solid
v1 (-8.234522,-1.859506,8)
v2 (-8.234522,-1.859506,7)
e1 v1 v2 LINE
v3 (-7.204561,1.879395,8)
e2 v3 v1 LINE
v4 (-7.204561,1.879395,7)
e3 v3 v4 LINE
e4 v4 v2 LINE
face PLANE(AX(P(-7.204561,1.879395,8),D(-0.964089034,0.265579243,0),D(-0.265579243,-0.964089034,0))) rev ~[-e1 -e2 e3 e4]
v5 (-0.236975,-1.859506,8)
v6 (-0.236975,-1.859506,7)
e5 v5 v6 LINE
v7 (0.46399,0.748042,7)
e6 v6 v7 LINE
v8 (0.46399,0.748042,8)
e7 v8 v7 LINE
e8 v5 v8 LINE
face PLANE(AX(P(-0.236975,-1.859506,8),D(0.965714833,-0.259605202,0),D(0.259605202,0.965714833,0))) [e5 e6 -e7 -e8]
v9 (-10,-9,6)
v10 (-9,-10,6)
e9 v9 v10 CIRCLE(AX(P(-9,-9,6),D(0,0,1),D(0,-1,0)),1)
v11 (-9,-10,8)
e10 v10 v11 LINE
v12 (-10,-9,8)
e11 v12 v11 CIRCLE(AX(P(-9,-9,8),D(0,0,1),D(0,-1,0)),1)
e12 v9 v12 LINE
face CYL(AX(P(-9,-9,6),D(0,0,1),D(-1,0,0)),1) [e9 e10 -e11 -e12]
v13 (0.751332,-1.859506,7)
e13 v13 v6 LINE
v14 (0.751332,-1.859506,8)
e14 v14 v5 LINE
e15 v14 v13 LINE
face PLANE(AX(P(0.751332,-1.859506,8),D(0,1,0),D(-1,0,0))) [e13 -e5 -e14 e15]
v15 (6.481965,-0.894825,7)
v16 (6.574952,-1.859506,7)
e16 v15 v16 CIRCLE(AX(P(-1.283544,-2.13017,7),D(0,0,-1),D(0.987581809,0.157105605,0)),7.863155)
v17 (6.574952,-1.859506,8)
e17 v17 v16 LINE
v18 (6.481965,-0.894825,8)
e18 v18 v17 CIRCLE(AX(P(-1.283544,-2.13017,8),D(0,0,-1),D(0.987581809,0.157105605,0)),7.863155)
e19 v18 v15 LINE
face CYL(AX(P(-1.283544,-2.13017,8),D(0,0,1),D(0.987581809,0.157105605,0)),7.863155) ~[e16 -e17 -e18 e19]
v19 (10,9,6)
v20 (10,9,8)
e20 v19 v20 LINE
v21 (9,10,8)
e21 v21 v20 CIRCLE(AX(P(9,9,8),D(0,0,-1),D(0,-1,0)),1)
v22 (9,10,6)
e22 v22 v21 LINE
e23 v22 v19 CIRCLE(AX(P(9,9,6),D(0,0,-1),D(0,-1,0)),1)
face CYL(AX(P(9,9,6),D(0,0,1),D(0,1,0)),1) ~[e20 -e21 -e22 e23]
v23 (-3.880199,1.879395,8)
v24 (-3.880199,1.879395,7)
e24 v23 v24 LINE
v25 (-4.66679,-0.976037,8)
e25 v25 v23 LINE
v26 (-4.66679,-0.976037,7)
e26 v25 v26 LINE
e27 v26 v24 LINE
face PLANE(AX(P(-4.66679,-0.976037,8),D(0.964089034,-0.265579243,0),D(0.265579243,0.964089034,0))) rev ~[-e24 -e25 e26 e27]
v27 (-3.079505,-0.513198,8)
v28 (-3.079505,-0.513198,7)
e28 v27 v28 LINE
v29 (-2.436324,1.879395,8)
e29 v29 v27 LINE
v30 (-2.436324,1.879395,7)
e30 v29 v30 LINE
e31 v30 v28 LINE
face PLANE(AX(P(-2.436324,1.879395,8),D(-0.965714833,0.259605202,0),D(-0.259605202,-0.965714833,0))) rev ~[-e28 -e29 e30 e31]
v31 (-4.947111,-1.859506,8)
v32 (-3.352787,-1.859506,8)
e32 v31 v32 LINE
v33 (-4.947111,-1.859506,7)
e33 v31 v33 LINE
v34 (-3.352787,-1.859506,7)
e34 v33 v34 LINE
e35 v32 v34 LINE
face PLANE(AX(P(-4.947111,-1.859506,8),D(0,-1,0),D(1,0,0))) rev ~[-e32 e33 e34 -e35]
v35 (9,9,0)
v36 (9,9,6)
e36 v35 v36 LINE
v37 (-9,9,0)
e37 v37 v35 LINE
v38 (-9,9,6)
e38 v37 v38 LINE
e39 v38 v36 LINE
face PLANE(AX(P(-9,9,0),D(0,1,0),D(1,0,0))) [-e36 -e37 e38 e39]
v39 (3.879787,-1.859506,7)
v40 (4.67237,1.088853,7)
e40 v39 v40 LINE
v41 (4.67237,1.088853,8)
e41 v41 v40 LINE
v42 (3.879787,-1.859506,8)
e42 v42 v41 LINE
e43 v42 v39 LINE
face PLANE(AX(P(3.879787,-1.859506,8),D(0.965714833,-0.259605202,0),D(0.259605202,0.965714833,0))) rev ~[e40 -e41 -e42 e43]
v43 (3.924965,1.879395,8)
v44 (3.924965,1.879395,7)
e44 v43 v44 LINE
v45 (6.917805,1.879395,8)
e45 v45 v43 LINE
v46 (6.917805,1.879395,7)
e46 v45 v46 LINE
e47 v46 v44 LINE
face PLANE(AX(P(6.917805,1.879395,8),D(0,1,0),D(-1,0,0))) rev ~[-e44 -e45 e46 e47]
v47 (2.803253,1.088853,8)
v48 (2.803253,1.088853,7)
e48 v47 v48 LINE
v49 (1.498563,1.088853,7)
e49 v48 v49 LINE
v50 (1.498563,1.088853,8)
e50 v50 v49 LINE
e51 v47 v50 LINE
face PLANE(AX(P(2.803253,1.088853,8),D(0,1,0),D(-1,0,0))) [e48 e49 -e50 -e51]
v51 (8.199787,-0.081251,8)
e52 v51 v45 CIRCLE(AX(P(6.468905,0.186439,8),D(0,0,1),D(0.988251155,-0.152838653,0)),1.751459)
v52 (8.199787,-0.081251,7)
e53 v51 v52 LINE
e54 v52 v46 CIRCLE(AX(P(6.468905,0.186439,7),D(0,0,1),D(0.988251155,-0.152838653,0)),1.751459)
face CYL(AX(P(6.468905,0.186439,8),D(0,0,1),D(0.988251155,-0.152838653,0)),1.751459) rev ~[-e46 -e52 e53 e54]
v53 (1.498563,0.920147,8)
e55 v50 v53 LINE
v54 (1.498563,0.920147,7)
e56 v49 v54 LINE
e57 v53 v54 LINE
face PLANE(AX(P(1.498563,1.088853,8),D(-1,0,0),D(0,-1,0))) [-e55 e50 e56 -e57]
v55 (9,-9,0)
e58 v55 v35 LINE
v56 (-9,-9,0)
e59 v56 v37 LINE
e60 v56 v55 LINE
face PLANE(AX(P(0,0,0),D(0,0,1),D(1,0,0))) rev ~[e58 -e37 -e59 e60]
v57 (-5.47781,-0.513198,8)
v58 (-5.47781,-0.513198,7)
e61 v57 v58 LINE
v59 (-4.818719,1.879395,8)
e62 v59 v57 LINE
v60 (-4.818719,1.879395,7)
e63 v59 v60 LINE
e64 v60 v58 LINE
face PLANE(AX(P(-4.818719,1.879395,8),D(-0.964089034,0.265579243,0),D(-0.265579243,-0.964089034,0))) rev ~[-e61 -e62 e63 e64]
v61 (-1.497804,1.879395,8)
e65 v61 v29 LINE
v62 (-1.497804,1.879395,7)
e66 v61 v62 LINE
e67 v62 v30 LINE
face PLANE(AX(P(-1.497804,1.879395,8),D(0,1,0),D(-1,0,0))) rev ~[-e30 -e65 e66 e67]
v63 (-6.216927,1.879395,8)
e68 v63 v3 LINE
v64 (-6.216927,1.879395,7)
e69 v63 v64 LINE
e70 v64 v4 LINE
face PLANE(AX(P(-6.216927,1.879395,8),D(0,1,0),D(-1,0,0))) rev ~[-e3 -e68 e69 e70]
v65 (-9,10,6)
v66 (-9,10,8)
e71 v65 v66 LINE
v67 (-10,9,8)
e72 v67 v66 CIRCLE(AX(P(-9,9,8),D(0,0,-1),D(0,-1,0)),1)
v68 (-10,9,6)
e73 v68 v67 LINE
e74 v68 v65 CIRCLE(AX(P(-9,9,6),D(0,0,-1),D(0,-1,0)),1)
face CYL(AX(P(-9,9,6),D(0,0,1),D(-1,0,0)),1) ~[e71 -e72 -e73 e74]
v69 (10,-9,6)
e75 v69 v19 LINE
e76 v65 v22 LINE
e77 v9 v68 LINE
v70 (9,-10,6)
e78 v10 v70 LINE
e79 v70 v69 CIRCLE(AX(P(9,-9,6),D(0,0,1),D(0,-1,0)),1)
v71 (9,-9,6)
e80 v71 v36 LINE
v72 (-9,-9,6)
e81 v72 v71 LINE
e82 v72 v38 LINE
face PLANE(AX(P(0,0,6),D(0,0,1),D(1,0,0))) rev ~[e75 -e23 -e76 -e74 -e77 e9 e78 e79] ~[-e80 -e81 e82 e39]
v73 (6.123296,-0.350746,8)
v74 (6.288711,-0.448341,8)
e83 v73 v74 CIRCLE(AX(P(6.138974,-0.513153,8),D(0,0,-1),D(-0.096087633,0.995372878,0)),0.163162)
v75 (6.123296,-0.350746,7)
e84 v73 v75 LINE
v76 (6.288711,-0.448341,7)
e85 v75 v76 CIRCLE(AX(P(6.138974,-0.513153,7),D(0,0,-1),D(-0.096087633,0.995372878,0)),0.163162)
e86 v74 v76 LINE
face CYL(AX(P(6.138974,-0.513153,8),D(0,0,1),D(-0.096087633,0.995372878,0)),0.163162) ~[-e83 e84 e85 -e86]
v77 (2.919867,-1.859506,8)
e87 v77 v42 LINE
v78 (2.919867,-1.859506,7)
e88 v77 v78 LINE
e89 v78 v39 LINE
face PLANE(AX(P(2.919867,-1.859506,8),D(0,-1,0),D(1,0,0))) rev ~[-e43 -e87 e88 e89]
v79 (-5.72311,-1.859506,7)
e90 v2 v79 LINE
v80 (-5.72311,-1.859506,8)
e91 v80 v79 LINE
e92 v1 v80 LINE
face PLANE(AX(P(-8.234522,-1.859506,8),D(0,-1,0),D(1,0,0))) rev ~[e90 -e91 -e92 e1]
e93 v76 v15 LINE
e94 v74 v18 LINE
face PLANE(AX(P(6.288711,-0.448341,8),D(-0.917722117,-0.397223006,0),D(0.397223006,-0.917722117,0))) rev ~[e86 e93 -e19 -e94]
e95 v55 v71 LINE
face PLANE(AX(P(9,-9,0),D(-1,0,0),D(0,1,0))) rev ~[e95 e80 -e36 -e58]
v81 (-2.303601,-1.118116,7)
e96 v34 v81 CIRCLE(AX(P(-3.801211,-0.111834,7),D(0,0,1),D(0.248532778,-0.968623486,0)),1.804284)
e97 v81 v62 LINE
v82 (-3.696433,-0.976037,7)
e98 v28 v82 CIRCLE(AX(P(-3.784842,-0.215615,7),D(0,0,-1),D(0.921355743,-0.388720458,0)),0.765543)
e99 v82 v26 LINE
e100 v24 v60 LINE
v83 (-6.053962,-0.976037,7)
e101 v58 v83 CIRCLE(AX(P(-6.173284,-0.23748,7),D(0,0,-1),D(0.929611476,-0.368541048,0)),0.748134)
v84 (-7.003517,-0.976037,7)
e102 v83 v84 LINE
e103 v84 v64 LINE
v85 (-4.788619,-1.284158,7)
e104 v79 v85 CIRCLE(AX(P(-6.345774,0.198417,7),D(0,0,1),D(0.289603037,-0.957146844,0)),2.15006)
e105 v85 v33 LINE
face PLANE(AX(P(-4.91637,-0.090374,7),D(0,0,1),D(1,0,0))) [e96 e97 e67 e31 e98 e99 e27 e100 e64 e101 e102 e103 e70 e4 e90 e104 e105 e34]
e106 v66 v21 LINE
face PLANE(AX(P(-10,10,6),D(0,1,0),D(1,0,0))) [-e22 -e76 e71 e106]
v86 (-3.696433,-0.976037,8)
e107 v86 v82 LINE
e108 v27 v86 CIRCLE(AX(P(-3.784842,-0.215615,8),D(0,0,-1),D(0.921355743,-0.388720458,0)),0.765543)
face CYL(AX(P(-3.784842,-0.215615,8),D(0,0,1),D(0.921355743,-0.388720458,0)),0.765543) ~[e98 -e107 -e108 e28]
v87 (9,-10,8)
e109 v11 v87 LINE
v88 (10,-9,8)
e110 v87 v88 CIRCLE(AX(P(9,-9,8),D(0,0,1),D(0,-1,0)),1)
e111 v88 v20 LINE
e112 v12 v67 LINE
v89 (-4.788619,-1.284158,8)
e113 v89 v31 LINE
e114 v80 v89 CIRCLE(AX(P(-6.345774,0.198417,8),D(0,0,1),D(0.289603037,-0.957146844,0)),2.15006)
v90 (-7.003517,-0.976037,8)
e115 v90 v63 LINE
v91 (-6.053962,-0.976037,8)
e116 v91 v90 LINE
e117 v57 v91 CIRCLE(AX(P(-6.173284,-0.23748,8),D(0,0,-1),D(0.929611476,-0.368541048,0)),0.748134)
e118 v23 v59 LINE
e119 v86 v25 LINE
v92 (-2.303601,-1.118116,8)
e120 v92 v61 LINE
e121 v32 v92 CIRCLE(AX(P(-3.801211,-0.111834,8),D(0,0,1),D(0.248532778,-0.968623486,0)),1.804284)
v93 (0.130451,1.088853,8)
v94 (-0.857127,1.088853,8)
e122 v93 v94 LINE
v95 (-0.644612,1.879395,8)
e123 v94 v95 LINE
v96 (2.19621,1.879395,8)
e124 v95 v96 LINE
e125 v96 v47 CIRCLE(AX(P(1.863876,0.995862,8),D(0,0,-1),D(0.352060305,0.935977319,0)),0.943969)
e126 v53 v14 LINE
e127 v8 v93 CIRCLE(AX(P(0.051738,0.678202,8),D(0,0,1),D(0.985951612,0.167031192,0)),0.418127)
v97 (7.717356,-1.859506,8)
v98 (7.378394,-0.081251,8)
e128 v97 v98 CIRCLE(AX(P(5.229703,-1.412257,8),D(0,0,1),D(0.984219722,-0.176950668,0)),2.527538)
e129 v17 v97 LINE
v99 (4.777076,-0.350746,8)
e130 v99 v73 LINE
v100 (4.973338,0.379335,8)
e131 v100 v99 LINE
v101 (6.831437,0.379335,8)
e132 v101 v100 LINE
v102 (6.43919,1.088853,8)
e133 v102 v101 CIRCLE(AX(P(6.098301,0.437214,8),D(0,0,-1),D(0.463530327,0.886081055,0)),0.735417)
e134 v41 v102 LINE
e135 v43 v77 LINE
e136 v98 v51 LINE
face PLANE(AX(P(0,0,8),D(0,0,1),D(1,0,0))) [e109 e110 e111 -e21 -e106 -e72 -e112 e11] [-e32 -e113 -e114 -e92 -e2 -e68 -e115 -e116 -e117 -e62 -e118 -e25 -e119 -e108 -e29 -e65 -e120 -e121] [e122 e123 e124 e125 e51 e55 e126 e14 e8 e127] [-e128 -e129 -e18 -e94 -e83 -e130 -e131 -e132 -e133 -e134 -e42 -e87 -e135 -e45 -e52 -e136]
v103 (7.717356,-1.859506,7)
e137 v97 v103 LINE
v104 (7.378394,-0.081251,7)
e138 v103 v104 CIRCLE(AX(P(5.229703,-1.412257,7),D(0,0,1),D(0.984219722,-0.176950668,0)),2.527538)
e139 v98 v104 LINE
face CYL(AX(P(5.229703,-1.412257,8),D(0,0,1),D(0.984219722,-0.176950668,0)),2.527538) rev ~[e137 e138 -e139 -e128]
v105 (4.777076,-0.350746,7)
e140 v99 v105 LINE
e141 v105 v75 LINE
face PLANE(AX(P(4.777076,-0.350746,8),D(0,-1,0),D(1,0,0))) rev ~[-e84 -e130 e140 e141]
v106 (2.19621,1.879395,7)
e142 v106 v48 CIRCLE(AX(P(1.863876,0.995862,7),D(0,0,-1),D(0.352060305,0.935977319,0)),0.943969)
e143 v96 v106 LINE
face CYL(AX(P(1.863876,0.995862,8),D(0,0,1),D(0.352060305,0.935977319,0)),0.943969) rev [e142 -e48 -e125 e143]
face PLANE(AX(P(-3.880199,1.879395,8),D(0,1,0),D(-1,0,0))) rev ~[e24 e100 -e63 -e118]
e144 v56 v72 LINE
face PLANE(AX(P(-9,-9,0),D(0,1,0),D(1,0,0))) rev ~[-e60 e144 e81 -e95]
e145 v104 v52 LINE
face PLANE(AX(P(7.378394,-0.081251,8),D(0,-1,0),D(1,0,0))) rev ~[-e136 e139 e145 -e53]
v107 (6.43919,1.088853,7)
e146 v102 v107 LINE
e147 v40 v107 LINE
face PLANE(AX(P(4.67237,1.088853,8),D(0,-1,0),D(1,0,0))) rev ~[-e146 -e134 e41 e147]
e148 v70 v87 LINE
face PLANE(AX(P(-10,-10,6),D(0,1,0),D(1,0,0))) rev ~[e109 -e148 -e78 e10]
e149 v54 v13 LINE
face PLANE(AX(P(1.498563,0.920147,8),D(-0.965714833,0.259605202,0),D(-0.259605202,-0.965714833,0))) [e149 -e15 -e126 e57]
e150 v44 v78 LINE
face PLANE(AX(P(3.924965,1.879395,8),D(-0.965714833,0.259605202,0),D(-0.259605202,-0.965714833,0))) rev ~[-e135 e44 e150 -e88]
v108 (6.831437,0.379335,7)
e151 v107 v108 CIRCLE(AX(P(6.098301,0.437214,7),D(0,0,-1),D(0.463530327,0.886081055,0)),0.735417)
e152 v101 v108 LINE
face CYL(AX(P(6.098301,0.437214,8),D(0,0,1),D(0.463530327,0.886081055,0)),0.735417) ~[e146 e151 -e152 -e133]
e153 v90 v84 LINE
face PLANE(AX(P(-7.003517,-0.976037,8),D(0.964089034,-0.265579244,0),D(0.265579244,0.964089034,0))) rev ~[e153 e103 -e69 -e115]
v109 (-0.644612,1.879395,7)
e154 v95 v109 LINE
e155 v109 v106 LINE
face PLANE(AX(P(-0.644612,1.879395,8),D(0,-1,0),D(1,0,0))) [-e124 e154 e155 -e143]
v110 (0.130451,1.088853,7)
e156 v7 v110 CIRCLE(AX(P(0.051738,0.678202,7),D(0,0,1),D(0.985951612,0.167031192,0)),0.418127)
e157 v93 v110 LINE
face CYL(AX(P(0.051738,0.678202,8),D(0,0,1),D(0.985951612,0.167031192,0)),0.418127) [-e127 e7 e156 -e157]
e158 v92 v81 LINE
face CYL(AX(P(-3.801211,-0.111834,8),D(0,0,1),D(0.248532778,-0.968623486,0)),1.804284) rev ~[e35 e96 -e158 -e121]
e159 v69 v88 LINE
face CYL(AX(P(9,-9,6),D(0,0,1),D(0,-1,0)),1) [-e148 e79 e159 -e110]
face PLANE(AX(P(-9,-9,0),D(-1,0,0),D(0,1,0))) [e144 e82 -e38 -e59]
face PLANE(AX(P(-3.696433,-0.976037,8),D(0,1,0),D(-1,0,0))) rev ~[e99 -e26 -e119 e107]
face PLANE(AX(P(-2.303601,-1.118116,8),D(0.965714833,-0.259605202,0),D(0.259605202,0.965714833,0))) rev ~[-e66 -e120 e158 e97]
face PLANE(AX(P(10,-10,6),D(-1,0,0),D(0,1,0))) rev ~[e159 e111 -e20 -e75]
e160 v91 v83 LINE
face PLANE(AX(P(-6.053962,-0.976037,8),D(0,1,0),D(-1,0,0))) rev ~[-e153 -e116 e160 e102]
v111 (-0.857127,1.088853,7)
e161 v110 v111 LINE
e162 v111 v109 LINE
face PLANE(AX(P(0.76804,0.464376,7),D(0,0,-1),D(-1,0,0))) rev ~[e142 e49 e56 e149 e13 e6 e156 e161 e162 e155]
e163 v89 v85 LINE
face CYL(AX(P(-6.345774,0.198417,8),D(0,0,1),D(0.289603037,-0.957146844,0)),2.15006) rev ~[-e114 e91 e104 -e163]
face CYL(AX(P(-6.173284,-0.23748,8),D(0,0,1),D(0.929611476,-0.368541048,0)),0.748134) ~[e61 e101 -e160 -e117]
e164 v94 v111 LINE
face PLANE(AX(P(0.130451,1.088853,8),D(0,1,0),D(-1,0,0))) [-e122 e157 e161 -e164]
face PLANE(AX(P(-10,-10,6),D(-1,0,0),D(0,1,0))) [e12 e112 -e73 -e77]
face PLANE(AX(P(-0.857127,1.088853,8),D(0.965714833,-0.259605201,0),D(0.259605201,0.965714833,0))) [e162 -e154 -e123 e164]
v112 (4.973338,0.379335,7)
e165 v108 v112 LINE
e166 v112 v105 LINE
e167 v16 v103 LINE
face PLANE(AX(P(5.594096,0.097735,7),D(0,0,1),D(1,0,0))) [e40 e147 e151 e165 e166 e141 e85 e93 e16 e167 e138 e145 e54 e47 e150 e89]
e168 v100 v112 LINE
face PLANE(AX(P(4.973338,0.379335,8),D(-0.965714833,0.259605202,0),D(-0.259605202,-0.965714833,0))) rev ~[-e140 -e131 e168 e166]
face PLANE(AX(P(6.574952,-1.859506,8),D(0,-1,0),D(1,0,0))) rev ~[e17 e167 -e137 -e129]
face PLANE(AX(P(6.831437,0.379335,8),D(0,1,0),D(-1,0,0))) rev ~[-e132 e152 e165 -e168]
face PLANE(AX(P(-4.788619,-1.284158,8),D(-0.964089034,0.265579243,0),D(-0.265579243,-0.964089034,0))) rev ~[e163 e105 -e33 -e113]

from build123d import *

# Parameters (mm, degrees)
SKETCH_1_W          = 18
SKETCH_1_H          = 18
EXTRUDE_1_DEPTH     = 6
SKETCH_3_W          = 20
SKETCH_3_H          = 20
EXTRUDE_2_DEPTH     = 2
FILLET_1_R          = 1
CUT_EXTRUDE_2_DEPTH = 1


with BuildPart() as part:
    # 草图1 → 凸台-拉伸1 (new body)
    with BuildSketch(Plane.XY):
        Rectangle(SKETCH_1_W, SKETCH_1_H)
    extrude(amount=EXTRUDE_1_DEPTH)

    # 草图3 → 凸台-拉伸2 (add)
    with BuildSketch(Plane.XY.offset(6)):
        Rectangle(SKETCH_3_W, SKETCH_3_H)
    extrude(amount=EXTRUDE_2_DEPTH)

    # 圆角1
    fillet_1_edges = [part.edges().sort_by_distance(p)[0] for p in [
        (10, -10, 7),
        (10, 10, 7),
        (-10, 10, 7),
        (-10, -10, 7),
    ]]
    fillet(fillet_1_edges, radius=FILLET_1_R)

    # 草图5 → 切除-拉伸2 (cut)
    with BuildSketch(Plane.XY.offset(8)):
        with BuildLine():
            Line((-7.204561004, 1.879394949), (-8.234522443, -1.859506165))
            Line((-8.234522443, -1.859506165), (-5.723109619, -1.859506165))
            ThreePointArc((-5.723109619, -1.859506165), (-5.218538697, -1.632457047), (-4.78861912, -1.284157931))
            Line((-4.78861912, -1.284157931), (-4.947111275, -1.859506165))
            Line((-4.947111275, -1.859506165), (-3.352787404, -1.859506165))
            ThreePointArc((-3.352787404, -1.859506165), (-2.759972983, -1.585355224), (-2.30360072, -1.118116491))
            Line((-2.30360072, -1.118116491), (-1.497804292, 1.879394949))
            Line((-1.497804292, 1.879394949), (-2.436323584, 1.879394949))
            Line((-2.436323584, 1.879394949), (-3.079504637, -0.513197642))
            ThreePointArc((-3.079504637, -0.513197642), (-3.32542599, -0.827982147), (-3.696433402, -0.976036515))
            Line((-3.696433402, -0.976036515), (-4.666789972, -0.976036515))
            Line((-4.666789972, -0.976036515), (-3.880199418, 1.879394949))
            Line((-3.880199418, 1.879394949), (-4.81871871, 1.879394949))
            Line((-4.81871871, 1.879394949), (-5.477810253, -0.513197642))
            ThreePointArc((-5.477810253, -0.513197642), (-5.7047457, -0.820725721), (-6.053961641, -0.976036515))
            Line((-6.053961641, -0.976036515), (-7.003517302, -0.976036515))
            Line((-7.003517302, -0.976036515), (-6.216926747, 1.879394949))
            Line((-6.216926747, 1.879394949), (-7.204561004, 1.879394949))
        make_face()
        with BuildLine():
            Line((-0.857127264, 1.088853082), (-0.644612375, 1.879394949))
            Line((-0.644612375, 1.879394949), (2.196209614, 1.879394949))
            ThreePointArc((2.196209614, 1.879394949), (2.612575491, 1.570775142), (2.803252851, 1.088853082))
            Line((2.803252851, 1.088853082), (1.498562909, 1.088853082))
            Line((1.498562909, 1.088853082), (1.498562909, 0.920146657))
            Line((1.498562909, 0.920146657), (0.751331627, -1.859506165))
            Line((0.751331627, -1.859506165), (-0.236975463, -1.859506165))
            Line((-0.236975463, -1.859506165), (0.463990432, 0.748042361))
            ThreePointArc((0.463990432, 0.748042361), (0.35056842, 0.970657535), (0.130450539, 1.088853082))
            Line((0.130450539, 1.088853082), (-0.857127264, 1.088853082))
        make_face()
        with BuildLine():
            Line((3.92496477, 1.879394949), (2.919866632, -1.859506165))
            Line((2.919866632, -1.859506165), (3.879786702, -1.859506165))
            Line((3.879786702, -1.859506165), (4.67236995, 1.088853082))
            Line((4.67236995, 1.088853082), (6.439189541, 1.088853082))
            ThreePointArc((6.439189541, 1.088853082), (6.74191311, 0.79302609), (6.831437365, 0.379334689))
            Line((6.831437365, 0.379334689), (4.973337874, 0.379334689))
            Line((4.973337874, 0.379334689), (4.777076341, -0.350745725))
            Line((4.777076341, -0.350745725), (6.123295998, -0.350745725))
            ThreePointArc((6.123295998, -0.350745725), (6.221884558, -0.372626448), (6.288711068, -0.448340962))
            Line((6.288711068, -0.448340962), (6.481965147, -0.894824524))
            ThreePointArc((6.481965147, -0.894824524), (6.543334906, -1.375731382), (6.574951556, -1.859506165))
            Line((6.574951556, -1.859506165), (7.717356009, -1.859506165))
            ThreePointArc((7.717356009, -1.859506165), (7.71253802, -0.938991532), (7.378394237, -0.081251283))
            Line((7.378394237, -0.081251283), (8.199786702, -0.081251283))
            ThreePointArc((8.199786702, -0.081251283), (7.934816182, 1.144935193), (6.917805112, 1.879394949))
            Line((6.917805112, 1.879394949), (3.92496477, 1.879394949))
        make_face()
    extrude(amount=-CUT_EXTRUDE_2_DEPTH, mode=Mode.SUBTRACT)


solid = part.part
